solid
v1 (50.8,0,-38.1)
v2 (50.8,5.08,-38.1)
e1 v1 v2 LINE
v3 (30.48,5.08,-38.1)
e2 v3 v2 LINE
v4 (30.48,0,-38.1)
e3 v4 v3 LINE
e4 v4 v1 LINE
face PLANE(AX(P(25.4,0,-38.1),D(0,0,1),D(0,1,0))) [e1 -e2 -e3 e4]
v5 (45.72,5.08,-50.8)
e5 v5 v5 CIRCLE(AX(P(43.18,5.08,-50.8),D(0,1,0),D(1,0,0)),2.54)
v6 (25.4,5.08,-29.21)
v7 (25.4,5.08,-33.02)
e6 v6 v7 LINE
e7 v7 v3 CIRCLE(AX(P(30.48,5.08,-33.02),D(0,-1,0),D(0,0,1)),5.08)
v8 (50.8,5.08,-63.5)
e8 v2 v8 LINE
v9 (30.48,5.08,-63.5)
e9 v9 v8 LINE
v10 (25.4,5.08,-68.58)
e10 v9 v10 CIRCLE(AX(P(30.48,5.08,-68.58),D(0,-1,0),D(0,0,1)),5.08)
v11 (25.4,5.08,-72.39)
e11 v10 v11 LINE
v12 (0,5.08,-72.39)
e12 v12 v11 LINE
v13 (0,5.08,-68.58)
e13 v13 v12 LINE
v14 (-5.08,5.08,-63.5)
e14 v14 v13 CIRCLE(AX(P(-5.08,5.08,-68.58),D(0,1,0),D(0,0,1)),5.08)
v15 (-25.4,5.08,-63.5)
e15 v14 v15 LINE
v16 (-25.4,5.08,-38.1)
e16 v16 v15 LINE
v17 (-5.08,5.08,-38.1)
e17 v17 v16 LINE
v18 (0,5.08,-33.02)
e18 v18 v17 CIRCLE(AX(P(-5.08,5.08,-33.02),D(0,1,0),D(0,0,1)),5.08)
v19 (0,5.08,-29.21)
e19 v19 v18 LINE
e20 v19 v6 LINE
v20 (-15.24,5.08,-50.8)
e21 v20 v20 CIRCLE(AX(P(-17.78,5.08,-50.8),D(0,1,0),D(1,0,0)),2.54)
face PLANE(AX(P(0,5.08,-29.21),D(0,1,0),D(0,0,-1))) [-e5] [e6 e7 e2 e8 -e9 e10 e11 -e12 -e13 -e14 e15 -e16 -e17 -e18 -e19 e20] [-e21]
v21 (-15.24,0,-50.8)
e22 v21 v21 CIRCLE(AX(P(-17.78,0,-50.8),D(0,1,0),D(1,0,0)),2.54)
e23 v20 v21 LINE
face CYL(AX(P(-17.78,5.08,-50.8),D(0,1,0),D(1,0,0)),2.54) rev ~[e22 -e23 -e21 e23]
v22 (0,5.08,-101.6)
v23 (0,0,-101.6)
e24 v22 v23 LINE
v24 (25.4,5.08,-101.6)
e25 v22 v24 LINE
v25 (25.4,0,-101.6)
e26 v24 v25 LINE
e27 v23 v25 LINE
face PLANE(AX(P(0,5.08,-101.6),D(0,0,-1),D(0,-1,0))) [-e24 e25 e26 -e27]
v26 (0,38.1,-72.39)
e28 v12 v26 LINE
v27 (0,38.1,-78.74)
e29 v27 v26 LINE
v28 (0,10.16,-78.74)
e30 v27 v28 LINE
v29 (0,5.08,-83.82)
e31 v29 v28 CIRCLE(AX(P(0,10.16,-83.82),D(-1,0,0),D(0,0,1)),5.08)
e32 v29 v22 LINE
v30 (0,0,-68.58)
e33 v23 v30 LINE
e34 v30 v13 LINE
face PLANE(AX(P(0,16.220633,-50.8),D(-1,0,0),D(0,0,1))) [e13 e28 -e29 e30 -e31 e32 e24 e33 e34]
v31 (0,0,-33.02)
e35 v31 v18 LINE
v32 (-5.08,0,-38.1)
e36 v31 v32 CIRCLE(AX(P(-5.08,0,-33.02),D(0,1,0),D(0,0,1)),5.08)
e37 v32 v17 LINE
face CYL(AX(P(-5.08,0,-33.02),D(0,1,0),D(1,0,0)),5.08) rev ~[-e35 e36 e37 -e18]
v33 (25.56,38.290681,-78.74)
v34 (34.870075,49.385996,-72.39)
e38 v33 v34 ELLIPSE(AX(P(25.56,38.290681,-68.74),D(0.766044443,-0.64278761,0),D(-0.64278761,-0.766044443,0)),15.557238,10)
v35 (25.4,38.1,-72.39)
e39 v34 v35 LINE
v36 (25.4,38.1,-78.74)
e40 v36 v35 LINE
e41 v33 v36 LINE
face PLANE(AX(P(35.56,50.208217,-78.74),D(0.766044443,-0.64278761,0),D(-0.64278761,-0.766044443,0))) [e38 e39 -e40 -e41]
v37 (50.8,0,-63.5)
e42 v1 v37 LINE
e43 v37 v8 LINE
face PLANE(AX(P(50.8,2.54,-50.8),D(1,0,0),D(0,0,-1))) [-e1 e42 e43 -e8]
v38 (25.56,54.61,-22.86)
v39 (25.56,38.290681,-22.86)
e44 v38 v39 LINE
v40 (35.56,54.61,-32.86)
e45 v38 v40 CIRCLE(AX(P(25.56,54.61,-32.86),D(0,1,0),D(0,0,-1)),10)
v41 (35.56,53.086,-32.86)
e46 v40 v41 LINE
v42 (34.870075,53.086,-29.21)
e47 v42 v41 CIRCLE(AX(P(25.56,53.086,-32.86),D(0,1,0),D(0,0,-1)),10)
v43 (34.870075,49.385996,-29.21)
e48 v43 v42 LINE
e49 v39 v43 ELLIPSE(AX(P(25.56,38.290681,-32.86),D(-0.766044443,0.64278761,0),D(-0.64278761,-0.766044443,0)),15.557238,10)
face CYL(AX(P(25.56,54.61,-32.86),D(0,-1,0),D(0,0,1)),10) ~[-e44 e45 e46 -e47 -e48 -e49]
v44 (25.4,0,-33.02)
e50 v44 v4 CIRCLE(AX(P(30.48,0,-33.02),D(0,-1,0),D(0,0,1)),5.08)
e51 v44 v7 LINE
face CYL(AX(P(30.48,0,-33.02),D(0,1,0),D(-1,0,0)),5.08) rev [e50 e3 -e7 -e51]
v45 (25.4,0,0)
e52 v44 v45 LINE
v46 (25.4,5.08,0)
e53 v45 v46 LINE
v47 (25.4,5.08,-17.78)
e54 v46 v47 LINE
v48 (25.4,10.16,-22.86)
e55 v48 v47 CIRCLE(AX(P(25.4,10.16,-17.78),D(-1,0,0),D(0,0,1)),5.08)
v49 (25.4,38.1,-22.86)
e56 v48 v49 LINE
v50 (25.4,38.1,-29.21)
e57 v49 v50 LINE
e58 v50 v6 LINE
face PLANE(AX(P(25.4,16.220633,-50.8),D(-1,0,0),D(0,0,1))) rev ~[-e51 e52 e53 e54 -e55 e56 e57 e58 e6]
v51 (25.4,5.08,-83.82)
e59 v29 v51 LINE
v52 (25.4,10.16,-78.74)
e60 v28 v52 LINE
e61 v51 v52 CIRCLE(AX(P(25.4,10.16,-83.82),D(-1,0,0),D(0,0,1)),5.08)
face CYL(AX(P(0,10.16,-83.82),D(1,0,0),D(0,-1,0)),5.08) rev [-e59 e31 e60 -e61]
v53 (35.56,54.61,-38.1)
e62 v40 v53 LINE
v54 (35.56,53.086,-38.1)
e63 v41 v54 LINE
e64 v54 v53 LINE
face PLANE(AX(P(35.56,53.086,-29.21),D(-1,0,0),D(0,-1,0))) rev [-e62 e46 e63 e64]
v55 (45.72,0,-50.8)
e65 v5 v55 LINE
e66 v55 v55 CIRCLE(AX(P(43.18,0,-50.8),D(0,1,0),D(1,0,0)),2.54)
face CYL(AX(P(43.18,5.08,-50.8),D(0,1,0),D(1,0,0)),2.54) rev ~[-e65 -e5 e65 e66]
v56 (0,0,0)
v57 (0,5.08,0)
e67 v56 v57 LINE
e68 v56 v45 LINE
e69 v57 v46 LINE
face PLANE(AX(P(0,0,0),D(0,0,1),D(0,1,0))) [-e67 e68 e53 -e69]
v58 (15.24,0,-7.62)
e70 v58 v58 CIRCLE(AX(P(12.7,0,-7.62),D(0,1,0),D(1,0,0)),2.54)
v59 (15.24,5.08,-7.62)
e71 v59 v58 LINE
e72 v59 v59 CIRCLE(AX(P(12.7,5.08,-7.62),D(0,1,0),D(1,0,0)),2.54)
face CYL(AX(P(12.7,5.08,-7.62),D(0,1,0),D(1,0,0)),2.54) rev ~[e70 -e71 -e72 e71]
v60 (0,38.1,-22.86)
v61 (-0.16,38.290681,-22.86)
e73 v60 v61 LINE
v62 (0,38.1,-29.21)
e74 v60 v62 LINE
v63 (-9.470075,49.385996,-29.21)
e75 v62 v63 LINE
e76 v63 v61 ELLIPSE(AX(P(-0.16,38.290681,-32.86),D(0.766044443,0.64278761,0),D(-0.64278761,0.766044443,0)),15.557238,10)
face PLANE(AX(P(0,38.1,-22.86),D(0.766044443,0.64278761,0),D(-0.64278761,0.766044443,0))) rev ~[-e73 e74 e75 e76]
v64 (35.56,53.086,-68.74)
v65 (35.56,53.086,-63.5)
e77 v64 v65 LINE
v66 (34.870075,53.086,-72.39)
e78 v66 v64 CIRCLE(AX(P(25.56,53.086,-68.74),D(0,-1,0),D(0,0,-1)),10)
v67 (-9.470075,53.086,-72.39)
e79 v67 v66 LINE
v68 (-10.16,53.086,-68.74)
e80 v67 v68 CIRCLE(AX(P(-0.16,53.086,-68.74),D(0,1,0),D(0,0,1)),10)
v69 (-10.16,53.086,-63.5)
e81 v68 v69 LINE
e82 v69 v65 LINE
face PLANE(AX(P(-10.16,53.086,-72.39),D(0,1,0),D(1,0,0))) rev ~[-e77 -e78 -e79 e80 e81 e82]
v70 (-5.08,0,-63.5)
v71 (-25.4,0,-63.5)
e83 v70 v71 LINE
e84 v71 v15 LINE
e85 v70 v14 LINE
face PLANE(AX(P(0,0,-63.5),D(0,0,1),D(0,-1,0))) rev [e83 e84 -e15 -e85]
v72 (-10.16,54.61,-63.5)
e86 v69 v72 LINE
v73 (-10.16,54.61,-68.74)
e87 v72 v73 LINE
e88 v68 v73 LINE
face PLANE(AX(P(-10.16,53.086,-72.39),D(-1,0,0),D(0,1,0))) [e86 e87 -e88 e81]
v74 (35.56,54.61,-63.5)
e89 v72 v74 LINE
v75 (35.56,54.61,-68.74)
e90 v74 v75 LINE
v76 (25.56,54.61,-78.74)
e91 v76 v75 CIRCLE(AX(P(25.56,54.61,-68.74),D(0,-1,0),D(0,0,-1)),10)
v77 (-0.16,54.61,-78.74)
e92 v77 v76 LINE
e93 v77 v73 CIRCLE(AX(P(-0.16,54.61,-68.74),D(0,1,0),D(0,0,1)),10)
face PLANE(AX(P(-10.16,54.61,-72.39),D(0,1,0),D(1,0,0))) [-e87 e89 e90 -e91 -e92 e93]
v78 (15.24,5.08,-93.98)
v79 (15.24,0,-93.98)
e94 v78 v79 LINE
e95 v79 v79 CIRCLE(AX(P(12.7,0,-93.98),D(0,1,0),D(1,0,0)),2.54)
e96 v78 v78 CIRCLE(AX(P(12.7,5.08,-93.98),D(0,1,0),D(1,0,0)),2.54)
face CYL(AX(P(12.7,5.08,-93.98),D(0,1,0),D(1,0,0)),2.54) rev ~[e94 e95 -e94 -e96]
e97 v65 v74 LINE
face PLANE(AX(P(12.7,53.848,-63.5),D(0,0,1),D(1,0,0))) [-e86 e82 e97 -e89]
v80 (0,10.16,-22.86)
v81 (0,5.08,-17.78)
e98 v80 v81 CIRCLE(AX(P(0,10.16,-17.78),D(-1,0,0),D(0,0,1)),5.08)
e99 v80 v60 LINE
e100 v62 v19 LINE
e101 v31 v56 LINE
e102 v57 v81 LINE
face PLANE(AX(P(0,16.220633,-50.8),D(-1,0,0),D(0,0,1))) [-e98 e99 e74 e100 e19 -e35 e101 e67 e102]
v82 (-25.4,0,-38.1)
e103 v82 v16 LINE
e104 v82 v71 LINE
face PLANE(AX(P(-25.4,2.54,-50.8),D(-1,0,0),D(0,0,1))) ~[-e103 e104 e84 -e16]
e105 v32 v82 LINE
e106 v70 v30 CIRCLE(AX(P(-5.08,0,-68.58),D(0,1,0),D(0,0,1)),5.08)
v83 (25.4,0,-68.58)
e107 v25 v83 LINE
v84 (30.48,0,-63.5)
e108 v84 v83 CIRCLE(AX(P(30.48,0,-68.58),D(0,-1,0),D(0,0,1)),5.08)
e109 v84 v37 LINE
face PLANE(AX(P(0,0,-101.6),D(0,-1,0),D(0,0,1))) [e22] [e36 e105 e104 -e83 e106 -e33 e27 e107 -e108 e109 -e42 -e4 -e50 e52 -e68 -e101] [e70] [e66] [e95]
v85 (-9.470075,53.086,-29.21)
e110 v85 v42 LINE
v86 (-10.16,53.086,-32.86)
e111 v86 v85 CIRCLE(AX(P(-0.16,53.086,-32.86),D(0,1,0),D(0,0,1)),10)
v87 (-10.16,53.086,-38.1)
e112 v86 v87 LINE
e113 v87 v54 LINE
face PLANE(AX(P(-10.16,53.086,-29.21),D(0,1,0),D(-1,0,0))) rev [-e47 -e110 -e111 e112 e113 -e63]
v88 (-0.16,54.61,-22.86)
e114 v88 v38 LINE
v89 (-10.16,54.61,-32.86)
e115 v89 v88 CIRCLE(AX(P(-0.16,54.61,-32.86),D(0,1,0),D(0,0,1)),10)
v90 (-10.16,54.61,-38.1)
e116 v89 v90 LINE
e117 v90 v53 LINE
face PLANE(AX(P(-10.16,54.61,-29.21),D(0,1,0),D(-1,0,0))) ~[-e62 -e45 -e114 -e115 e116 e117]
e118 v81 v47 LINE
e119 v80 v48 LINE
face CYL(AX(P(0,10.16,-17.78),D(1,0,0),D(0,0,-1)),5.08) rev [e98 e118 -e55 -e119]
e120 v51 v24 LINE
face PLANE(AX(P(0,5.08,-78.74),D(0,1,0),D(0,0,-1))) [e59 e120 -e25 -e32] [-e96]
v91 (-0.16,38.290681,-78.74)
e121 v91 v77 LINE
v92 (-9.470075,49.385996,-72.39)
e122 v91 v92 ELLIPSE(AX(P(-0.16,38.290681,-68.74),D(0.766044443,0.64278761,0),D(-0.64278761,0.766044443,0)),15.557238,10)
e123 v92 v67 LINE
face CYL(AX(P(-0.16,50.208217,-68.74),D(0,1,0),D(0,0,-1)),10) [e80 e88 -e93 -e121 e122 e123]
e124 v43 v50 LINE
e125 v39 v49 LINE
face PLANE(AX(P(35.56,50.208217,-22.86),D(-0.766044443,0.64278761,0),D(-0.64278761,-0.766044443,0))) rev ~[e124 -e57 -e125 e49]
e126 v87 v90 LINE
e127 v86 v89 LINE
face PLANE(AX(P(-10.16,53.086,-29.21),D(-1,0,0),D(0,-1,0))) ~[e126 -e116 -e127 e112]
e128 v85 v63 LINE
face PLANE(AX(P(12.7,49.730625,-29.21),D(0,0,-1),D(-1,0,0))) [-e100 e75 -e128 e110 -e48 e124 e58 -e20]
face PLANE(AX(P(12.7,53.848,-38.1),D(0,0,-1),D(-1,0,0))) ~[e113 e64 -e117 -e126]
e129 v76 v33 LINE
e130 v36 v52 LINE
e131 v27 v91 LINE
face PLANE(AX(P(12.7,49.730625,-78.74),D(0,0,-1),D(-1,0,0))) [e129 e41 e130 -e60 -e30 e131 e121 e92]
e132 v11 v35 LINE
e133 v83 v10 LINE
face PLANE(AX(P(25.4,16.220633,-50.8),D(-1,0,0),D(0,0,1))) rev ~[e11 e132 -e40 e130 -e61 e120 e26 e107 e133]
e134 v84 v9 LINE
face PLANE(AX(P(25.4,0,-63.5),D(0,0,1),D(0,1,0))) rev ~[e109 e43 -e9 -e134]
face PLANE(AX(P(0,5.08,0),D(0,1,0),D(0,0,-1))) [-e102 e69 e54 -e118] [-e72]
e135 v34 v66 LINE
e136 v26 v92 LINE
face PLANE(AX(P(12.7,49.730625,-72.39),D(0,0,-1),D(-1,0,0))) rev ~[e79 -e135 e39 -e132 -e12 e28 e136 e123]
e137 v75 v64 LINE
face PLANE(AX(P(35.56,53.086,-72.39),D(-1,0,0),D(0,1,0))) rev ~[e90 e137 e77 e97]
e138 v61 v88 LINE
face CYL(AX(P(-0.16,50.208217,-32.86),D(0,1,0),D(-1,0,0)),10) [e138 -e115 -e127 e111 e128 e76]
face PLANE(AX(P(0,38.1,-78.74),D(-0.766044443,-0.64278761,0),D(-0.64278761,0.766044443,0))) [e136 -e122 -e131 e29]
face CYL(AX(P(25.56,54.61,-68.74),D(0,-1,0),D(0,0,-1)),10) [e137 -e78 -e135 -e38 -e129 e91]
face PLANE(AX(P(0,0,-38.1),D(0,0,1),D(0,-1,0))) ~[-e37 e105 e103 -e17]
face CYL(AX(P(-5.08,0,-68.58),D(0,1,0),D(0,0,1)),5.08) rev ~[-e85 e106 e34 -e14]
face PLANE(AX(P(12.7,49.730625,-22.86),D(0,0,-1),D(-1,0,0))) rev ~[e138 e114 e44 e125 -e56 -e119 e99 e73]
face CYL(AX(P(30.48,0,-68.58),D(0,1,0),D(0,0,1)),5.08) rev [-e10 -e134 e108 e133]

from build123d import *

# Parameters (mm, degrees)
BASE_DEPTH                = 25.4
BOSS_EXTRUDE1_DEPTH       = 6.35
BOSS_EXTRUDE2_DEPTH       = 6.35
SKETCH7_W                 = 45.72
SKETCH7_H                 = 1.524
BOSS_EXTRUDE3_DEPTH       = 8.89
SKETCH3_W                 = 25.4
SKETCH3_H                 = 5.08
FRONT_SCREW_SUPPORT_DEPTH = 25.4
SKETCH4_R                 = 2.54
CUT_EXTRUDE1_DEPTH        = 5.08
FILLET3_R                 = 10
FILLET4_R                 = 5.08


with BuildPart() as part:
    # Sketch1 → Base (new body)
    with BuildSketch(Plane(origin=(0, 0, 0), x_dir=(0, 0, -1), z_dir=(1, 0, 0))):
        Polygon((0, 0), (0, 5.08), (22.86, 5.08), (22.86, 52.07), (29.21, 52.07), (29.21, 5.08), (72.39, 5.08), (72.39, 52.07), (78.74, 52.07), (78.74, 5.08), (101.6, 5.08), (101.6, 0), align=None)
    extrude(amount=BASE_DEPTH)

    # Sketch5 → Boss-Extrude1 (add)
    with BuildSketch(Plane(origin=(0, 0, -78.74), x_dir=(-1, 0, 0), z_dir=(0, 0, -1))):
        Polygon((-35.56, 52.07), (-35.56, 50.208216501), (-25.4, 38.1), (-25.4, 52.07), (0, 52.07), (0, 38.1), (10.16, 50.208216501), (10.16, 52.07), (10.16, 54.61), (-35.56, 54.61), align=None)
    extrude(amount=-BOSS_EXTRUDE1_DEPTH)

    # Sketch6 → Boss-Extrude2 (add)
    with BuildSketch(Plane.XY.offset(-22.86)):
        Polygon((0, 52.07), (0, 38.1), (-10.16, 50.208216501), (-10.16, 54.61), (35.56, 54.61), (35.56, 50.208216501), (25.4, 38.1), (25.4, 52.07), align=None)
    extrude(amount=-BOSS_EXTRUDE2_DEPTH)

    # Sketch7 → Boss-Extrude3 (add)
    with BuildSketch(Plane.XY.offset(-72.39)):
        with Locations((12.7, 53.848)):
            Rectangle(SKETCH7_W, SKETCH7_H)
    boss_extrude3 = extrude(amount=BOSS_EXTRUDE3_DEPTH)

    # Mirror19: Boss-Extrude3 across plane
    add(boss_extrude3.mirror(Plane.XY.offset(-50.8)))

    # Sketch3 → Front Screw Support (add)
    with BuildSketch(Plane(origin=(25.4, 0, 0), x_dir=(0, 0, -1), z_dir=(1, 0, 0))):
        with Locations((50.8, 2.54)):
            Rectangle(SKETCH3_W, SKETCH3_H)
    front_screw_support = extrude(amount=FRONT_SCREW_SUPPORT_DEPTH)

    # Mirror3: Front Screw Support across plane
    add(front_screw_support.mirror(Plane(origin=(12.7, 0, 0), x_dir=(0, 0, 1), z_dir=(1, 0, 0))))

    # Sketch4 → Cut-Extrude1 (cut)
    with BuildSketch(Plane(origin=(0, 5.08, 0), x_dir=(1, 0, 0), z_dir=(0, 1, 0))):
        with Locations((-17.78, 50.8)):
            Circle(SKETCH4_R)
        with Locations((43.18, 50.8)):
            Circle(SKETCH4_R)
        with Locations((12.7, 93.98)):
            Circle(SKETCH4_R)
        with Locations((12.7, 7.62)):
            Circle(SKETCH4_R)
    extrude(amount=-CUT_EXTRUDE1_DEPTH, mode=Mode.SUBTRACT)

    # Fillet3
    fillet3_edges = [part.edges().sort_by_distance(p)[0] for p in [
        (35.56, 52.40910825, -78.74),
        (-10.16, 52.40910825, -78.74),
        (-10.16, 52.40910825, -22.86),
        (35.56, 52.40910825, -22.86),
    ]]
    fillet(fillet3_edges, radius=FILLET3_R)

    # Fillet4
    fillet4_edges = [part.edges().sort_by_distance(p)[0] for p in [
        (25.4, 2.54, -63.5),
        (25.4, 2.54, -38.1),
        (0, 2.54, -63.5),
        (0, 2.54, -38.1),
        (12.7, 5.08, -22.86),
        (12.7, 5.08, -78.74),
    ]]
    fillet(fillet4_edges, radius=FILLET4_R)


solid = part.part
